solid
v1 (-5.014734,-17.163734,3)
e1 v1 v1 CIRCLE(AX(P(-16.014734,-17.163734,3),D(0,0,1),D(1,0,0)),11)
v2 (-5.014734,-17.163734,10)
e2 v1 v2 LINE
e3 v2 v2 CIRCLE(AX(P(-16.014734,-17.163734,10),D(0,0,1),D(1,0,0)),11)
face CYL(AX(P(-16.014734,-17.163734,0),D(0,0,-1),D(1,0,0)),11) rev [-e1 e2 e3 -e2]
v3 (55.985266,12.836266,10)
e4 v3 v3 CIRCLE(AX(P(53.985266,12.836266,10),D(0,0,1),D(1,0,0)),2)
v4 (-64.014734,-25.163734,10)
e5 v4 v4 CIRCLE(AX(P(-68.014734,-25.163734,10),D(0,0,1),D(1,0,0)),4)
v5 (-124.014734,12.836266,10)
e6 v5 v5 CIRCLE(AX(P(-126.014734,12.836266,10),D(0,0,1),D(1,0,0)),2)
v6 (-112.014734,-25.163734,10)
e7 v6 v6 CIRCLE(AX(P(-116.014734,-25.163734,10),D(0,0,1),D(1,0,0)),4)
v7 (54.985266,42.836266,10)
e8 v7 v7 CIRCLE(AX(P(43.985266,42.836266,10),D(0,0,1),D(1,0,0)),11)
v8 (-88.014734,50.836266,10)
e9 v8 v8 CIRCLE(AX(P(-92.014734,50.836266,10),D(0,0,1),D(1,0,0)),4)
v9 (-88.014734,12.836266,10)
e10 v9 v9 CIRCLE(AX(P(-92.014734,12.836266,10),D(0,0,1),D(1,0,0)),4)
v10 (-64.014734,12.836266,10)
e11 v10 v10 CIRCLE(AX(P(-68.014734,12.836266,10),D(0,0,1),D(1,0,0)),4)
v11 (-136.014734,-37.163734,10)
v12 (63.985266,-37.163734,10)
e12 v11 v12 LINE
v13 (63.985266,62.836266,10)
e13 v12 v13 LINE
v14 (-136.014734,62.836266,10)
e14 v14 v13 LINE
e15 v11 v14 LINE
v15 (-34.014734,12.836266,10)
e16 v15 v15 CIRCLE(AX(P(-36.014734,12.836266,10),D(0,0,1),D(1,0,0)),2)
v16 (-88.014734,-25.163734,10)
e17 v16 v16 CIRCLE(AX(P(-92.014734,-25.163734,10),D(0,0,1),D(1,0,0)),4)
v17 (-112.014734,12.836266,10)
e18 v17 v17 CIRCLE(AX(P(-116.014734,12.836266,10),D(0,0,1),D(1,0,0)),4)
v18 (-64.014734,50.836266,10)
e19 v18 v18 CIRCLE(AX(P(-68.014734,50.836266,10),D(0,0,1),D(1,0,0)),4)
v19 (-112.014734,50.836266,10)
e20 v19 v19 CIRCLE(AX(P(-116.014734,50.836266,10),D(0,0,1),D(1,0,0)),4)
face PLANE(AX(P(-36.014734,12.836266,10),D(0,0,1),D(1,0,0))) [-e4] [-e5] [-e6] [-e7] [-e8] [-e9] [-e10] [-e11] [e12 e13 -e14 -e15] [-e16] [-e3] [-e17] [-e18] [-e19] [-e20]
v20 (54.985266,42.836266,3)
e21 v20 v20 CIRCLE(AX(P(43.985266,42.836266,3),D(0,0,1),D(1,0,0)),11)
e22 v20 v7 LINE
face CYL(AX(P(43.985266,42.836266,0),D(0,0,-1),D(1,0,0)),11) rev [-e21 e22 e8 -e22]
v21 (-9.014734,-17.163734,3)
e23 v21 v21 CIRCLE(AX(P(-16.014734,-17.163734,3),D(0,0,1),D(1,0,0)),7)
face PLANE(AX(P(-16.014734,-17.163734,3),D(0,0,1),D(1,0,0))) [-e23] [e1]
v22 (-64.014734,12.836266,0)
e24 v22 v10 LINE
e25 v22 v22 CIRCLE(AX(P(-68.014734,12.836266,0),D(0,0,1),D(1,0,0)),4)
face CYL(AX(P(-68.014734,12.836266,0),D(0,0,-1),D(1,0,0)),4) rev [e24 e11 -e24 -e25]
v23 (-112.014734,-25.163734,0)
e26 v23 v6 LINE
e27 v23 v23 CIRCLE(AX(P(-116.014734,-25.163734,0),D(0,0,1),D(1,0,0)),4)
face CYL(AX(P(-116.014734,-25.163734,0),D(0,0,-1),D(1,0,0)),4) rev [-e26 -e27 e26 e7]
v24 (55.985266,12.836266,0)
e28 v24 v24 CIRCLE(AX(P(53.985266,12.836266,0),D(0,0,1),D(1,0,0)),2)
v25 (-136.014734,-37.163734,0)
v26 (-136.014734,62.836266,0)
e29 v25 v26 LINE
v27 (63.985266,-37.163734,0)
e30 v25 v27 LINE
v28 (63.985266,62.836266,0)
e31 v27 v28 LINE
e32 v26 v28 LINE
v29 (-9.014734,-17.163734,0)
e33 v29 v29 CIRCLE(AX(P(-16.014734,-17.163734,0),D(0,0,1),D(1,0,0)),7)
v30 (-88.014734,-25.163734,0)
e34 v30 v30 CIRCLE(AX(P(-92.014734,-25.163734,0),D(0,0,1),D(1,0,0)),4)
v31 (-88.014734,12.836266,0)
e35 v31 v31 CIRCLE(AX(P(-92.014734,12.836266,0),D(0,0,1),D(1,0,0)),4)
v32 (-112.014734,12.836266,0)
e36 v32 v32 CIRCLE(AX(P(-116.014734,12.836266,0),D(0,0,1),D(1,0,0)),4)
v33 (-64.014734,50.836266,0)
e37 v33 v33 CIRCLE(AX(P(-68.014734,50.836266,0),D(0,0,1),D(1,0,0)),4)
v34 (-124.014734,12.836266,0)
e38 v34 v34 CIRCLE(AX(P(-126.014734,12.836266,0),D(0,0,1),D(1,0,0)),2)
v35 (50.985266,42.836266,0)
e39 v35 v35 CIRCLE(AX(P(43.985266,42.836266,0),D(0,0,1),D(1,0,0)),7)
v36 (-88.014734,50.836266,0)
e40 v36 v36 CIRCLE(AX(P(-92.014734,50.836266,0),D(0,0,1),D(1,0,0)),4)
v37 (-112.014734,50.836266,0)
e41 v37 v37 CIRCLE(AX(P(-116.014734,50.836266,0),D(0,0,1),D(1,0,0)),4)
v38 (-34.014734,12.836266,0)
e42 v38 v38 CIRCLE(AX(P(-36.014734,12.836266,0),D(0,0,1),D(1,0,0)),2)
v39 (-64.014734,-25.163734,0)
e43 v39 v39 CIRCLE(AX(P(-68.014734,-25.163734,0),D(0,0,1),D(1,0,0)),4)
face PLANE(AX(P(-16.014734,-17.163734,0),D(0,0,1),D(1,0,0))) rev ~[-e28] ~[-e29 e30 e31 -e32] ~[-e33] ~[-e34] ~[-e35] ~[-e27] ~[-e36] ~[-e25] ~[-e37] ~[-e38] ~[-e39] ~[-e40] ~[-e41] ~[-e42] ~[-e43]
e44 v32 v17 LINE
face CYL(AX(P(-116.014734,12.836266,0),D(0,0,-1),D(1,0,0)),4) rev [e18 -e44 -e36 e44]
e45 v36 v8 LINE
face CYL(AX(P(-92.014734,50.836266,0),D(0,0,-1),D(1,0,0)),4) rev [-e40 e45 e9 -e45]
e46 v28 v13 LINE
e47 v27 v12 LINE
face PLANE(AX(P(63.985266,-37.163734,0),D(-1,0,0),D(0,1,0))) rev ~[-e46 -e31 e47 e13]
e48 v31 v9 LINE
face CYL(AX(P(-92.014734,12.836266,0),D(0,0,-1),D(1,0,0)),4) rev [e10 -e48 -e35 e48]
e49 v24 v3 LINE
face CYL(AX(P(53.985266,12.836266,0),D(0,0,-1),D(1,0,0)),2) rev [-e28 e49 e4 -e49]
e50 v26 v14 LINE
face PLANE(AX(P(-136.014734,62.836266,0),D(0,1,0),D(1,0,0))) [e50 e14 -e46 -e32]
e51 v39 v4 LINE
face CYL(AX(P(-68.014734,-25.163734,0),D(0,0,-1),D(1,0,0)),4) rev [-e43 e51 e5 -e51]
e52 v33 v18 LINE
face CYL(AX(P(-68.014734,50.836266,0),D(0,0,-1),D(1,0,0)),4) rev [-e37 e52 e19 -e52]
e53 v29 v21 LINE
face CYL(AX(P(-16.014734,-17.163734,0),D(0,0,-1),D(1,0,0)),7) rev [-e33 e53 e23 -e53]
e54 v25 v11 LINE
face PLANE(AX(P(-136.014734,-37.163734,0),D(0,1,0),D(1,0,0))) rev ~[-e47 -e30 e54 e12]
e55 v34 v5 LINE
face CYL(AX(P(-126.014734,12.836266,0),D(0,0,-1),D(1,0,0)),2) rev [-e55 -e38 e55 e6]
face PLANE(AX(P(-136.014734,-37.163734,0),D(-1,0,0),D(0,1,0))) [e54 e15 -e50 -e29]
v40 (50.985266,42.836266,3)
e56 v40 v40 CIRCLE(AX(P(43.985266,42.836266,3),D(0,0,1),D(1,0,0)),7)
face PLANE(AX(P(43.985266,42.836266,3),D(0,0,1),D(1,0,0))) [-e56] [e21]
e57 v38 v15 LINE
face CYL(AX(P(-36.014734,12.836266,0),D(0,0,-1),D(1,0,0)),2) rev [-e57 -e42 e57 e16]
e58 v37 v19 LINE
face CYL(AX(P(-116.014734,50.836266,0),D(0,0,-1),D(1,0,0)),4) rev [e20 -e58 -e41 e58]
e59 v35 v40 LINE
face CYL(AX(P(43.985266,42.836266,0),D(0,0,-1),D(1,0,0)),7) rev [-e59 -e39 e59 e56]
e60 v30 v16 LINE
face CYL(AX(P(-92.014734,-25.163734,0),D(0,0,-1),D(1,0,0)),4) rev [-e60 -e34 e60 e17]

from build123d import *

# Parameters (mm, degrees)
F0_W     = 200
F0_H     = 100
F0_R     = 4
F0_R_2   = 11
F0_R_3   = 2
F1_DEPTH = 10
F0_R_4   = 7
F2_DEPTH = 3


with BuildPart() as f1:
    # F0 (on Top) → F1 (new body)
    with BuildSketch(Plane.XY):
        with Locations((-36.014734, 12.836266)):
            Rectangle(F0_W, F0_H)
        with Locations((-116.014734, -25.163734)):
            Circle(F0_R, mode=Mode.SUBTRACT)
        with Locations((-92.014734, -25.163734)):
            Circle(F0_R, mode=Mode.SUBTRACT)
        with Locations((-68.014734, -25.163734)):
            Circle(F0_R, mode=Mode.SUBTRACT)
        with Locations((-16.014734, -17.163734)):
            Circle(F0_R_2, mode=Mode.SUBTRACT)
        with Locations((-126.014734, 12.836266)):
            Circle(F0_R_3, mode=Mode.SUBTRACT)
        with Locations((-116.014734, 12.836266)):
            Circle(F0_R, mode=Mode.SUBTRACT)
        with Locations((-92.014734, 12.836266)):
            Circle(F0_R, mode=Mode.SUBTRACT)
        with Locations((-68.014734, 12.836266)):
            Circle(F0_R, mode=Mode.SUBTRACT)
        with Locations((-116.014734, 50.836266)):
            Circle(F0_R, mode=Mode.SUBTRACT)
        with Locations((-92.014734, 50.836266)):
            Circle(F0_R, mode=Mode.SUBTRACT)
        with Locations((-68.014734, 50.836266)):
            Circle(F0_R, mode=Mode.SUBTRACT)
        with Locations((-36.014734, 12.836266)):
            Circle(F0_R_3, mode=Mode.SUBTRACT)
        with Locations((53.985266, 12.836266)):
            Circle(F0_R_3, mode=Mode.SUBTRACT)
        with Locations((43.985266, 42.836266)):
            Circle(F0_R_2, mode=Mode.SUBTRACT)
    extrude(amount=F1_DEPTH)

    # F0 (on Top) → F2 (join)
    with BuildSketch(Plane.XY):
        with Locations((-16.014734, -17.163734)):
            Circle(F0_R_2)
        with Locations((-16.014734, -17.163734)):
            Circle(F0_R_4, mode=Mode.SUBTRACT)
        with Locations((43.985266, 42.836266)):
            Circle(F0_R_2)
        with Locations((43.985266, 42.836266)):
            Circle(F0_R_4, mode=Mode.SUBTRACT)
    extrude(amount=F2_DEPTH)


solid = f1.part
